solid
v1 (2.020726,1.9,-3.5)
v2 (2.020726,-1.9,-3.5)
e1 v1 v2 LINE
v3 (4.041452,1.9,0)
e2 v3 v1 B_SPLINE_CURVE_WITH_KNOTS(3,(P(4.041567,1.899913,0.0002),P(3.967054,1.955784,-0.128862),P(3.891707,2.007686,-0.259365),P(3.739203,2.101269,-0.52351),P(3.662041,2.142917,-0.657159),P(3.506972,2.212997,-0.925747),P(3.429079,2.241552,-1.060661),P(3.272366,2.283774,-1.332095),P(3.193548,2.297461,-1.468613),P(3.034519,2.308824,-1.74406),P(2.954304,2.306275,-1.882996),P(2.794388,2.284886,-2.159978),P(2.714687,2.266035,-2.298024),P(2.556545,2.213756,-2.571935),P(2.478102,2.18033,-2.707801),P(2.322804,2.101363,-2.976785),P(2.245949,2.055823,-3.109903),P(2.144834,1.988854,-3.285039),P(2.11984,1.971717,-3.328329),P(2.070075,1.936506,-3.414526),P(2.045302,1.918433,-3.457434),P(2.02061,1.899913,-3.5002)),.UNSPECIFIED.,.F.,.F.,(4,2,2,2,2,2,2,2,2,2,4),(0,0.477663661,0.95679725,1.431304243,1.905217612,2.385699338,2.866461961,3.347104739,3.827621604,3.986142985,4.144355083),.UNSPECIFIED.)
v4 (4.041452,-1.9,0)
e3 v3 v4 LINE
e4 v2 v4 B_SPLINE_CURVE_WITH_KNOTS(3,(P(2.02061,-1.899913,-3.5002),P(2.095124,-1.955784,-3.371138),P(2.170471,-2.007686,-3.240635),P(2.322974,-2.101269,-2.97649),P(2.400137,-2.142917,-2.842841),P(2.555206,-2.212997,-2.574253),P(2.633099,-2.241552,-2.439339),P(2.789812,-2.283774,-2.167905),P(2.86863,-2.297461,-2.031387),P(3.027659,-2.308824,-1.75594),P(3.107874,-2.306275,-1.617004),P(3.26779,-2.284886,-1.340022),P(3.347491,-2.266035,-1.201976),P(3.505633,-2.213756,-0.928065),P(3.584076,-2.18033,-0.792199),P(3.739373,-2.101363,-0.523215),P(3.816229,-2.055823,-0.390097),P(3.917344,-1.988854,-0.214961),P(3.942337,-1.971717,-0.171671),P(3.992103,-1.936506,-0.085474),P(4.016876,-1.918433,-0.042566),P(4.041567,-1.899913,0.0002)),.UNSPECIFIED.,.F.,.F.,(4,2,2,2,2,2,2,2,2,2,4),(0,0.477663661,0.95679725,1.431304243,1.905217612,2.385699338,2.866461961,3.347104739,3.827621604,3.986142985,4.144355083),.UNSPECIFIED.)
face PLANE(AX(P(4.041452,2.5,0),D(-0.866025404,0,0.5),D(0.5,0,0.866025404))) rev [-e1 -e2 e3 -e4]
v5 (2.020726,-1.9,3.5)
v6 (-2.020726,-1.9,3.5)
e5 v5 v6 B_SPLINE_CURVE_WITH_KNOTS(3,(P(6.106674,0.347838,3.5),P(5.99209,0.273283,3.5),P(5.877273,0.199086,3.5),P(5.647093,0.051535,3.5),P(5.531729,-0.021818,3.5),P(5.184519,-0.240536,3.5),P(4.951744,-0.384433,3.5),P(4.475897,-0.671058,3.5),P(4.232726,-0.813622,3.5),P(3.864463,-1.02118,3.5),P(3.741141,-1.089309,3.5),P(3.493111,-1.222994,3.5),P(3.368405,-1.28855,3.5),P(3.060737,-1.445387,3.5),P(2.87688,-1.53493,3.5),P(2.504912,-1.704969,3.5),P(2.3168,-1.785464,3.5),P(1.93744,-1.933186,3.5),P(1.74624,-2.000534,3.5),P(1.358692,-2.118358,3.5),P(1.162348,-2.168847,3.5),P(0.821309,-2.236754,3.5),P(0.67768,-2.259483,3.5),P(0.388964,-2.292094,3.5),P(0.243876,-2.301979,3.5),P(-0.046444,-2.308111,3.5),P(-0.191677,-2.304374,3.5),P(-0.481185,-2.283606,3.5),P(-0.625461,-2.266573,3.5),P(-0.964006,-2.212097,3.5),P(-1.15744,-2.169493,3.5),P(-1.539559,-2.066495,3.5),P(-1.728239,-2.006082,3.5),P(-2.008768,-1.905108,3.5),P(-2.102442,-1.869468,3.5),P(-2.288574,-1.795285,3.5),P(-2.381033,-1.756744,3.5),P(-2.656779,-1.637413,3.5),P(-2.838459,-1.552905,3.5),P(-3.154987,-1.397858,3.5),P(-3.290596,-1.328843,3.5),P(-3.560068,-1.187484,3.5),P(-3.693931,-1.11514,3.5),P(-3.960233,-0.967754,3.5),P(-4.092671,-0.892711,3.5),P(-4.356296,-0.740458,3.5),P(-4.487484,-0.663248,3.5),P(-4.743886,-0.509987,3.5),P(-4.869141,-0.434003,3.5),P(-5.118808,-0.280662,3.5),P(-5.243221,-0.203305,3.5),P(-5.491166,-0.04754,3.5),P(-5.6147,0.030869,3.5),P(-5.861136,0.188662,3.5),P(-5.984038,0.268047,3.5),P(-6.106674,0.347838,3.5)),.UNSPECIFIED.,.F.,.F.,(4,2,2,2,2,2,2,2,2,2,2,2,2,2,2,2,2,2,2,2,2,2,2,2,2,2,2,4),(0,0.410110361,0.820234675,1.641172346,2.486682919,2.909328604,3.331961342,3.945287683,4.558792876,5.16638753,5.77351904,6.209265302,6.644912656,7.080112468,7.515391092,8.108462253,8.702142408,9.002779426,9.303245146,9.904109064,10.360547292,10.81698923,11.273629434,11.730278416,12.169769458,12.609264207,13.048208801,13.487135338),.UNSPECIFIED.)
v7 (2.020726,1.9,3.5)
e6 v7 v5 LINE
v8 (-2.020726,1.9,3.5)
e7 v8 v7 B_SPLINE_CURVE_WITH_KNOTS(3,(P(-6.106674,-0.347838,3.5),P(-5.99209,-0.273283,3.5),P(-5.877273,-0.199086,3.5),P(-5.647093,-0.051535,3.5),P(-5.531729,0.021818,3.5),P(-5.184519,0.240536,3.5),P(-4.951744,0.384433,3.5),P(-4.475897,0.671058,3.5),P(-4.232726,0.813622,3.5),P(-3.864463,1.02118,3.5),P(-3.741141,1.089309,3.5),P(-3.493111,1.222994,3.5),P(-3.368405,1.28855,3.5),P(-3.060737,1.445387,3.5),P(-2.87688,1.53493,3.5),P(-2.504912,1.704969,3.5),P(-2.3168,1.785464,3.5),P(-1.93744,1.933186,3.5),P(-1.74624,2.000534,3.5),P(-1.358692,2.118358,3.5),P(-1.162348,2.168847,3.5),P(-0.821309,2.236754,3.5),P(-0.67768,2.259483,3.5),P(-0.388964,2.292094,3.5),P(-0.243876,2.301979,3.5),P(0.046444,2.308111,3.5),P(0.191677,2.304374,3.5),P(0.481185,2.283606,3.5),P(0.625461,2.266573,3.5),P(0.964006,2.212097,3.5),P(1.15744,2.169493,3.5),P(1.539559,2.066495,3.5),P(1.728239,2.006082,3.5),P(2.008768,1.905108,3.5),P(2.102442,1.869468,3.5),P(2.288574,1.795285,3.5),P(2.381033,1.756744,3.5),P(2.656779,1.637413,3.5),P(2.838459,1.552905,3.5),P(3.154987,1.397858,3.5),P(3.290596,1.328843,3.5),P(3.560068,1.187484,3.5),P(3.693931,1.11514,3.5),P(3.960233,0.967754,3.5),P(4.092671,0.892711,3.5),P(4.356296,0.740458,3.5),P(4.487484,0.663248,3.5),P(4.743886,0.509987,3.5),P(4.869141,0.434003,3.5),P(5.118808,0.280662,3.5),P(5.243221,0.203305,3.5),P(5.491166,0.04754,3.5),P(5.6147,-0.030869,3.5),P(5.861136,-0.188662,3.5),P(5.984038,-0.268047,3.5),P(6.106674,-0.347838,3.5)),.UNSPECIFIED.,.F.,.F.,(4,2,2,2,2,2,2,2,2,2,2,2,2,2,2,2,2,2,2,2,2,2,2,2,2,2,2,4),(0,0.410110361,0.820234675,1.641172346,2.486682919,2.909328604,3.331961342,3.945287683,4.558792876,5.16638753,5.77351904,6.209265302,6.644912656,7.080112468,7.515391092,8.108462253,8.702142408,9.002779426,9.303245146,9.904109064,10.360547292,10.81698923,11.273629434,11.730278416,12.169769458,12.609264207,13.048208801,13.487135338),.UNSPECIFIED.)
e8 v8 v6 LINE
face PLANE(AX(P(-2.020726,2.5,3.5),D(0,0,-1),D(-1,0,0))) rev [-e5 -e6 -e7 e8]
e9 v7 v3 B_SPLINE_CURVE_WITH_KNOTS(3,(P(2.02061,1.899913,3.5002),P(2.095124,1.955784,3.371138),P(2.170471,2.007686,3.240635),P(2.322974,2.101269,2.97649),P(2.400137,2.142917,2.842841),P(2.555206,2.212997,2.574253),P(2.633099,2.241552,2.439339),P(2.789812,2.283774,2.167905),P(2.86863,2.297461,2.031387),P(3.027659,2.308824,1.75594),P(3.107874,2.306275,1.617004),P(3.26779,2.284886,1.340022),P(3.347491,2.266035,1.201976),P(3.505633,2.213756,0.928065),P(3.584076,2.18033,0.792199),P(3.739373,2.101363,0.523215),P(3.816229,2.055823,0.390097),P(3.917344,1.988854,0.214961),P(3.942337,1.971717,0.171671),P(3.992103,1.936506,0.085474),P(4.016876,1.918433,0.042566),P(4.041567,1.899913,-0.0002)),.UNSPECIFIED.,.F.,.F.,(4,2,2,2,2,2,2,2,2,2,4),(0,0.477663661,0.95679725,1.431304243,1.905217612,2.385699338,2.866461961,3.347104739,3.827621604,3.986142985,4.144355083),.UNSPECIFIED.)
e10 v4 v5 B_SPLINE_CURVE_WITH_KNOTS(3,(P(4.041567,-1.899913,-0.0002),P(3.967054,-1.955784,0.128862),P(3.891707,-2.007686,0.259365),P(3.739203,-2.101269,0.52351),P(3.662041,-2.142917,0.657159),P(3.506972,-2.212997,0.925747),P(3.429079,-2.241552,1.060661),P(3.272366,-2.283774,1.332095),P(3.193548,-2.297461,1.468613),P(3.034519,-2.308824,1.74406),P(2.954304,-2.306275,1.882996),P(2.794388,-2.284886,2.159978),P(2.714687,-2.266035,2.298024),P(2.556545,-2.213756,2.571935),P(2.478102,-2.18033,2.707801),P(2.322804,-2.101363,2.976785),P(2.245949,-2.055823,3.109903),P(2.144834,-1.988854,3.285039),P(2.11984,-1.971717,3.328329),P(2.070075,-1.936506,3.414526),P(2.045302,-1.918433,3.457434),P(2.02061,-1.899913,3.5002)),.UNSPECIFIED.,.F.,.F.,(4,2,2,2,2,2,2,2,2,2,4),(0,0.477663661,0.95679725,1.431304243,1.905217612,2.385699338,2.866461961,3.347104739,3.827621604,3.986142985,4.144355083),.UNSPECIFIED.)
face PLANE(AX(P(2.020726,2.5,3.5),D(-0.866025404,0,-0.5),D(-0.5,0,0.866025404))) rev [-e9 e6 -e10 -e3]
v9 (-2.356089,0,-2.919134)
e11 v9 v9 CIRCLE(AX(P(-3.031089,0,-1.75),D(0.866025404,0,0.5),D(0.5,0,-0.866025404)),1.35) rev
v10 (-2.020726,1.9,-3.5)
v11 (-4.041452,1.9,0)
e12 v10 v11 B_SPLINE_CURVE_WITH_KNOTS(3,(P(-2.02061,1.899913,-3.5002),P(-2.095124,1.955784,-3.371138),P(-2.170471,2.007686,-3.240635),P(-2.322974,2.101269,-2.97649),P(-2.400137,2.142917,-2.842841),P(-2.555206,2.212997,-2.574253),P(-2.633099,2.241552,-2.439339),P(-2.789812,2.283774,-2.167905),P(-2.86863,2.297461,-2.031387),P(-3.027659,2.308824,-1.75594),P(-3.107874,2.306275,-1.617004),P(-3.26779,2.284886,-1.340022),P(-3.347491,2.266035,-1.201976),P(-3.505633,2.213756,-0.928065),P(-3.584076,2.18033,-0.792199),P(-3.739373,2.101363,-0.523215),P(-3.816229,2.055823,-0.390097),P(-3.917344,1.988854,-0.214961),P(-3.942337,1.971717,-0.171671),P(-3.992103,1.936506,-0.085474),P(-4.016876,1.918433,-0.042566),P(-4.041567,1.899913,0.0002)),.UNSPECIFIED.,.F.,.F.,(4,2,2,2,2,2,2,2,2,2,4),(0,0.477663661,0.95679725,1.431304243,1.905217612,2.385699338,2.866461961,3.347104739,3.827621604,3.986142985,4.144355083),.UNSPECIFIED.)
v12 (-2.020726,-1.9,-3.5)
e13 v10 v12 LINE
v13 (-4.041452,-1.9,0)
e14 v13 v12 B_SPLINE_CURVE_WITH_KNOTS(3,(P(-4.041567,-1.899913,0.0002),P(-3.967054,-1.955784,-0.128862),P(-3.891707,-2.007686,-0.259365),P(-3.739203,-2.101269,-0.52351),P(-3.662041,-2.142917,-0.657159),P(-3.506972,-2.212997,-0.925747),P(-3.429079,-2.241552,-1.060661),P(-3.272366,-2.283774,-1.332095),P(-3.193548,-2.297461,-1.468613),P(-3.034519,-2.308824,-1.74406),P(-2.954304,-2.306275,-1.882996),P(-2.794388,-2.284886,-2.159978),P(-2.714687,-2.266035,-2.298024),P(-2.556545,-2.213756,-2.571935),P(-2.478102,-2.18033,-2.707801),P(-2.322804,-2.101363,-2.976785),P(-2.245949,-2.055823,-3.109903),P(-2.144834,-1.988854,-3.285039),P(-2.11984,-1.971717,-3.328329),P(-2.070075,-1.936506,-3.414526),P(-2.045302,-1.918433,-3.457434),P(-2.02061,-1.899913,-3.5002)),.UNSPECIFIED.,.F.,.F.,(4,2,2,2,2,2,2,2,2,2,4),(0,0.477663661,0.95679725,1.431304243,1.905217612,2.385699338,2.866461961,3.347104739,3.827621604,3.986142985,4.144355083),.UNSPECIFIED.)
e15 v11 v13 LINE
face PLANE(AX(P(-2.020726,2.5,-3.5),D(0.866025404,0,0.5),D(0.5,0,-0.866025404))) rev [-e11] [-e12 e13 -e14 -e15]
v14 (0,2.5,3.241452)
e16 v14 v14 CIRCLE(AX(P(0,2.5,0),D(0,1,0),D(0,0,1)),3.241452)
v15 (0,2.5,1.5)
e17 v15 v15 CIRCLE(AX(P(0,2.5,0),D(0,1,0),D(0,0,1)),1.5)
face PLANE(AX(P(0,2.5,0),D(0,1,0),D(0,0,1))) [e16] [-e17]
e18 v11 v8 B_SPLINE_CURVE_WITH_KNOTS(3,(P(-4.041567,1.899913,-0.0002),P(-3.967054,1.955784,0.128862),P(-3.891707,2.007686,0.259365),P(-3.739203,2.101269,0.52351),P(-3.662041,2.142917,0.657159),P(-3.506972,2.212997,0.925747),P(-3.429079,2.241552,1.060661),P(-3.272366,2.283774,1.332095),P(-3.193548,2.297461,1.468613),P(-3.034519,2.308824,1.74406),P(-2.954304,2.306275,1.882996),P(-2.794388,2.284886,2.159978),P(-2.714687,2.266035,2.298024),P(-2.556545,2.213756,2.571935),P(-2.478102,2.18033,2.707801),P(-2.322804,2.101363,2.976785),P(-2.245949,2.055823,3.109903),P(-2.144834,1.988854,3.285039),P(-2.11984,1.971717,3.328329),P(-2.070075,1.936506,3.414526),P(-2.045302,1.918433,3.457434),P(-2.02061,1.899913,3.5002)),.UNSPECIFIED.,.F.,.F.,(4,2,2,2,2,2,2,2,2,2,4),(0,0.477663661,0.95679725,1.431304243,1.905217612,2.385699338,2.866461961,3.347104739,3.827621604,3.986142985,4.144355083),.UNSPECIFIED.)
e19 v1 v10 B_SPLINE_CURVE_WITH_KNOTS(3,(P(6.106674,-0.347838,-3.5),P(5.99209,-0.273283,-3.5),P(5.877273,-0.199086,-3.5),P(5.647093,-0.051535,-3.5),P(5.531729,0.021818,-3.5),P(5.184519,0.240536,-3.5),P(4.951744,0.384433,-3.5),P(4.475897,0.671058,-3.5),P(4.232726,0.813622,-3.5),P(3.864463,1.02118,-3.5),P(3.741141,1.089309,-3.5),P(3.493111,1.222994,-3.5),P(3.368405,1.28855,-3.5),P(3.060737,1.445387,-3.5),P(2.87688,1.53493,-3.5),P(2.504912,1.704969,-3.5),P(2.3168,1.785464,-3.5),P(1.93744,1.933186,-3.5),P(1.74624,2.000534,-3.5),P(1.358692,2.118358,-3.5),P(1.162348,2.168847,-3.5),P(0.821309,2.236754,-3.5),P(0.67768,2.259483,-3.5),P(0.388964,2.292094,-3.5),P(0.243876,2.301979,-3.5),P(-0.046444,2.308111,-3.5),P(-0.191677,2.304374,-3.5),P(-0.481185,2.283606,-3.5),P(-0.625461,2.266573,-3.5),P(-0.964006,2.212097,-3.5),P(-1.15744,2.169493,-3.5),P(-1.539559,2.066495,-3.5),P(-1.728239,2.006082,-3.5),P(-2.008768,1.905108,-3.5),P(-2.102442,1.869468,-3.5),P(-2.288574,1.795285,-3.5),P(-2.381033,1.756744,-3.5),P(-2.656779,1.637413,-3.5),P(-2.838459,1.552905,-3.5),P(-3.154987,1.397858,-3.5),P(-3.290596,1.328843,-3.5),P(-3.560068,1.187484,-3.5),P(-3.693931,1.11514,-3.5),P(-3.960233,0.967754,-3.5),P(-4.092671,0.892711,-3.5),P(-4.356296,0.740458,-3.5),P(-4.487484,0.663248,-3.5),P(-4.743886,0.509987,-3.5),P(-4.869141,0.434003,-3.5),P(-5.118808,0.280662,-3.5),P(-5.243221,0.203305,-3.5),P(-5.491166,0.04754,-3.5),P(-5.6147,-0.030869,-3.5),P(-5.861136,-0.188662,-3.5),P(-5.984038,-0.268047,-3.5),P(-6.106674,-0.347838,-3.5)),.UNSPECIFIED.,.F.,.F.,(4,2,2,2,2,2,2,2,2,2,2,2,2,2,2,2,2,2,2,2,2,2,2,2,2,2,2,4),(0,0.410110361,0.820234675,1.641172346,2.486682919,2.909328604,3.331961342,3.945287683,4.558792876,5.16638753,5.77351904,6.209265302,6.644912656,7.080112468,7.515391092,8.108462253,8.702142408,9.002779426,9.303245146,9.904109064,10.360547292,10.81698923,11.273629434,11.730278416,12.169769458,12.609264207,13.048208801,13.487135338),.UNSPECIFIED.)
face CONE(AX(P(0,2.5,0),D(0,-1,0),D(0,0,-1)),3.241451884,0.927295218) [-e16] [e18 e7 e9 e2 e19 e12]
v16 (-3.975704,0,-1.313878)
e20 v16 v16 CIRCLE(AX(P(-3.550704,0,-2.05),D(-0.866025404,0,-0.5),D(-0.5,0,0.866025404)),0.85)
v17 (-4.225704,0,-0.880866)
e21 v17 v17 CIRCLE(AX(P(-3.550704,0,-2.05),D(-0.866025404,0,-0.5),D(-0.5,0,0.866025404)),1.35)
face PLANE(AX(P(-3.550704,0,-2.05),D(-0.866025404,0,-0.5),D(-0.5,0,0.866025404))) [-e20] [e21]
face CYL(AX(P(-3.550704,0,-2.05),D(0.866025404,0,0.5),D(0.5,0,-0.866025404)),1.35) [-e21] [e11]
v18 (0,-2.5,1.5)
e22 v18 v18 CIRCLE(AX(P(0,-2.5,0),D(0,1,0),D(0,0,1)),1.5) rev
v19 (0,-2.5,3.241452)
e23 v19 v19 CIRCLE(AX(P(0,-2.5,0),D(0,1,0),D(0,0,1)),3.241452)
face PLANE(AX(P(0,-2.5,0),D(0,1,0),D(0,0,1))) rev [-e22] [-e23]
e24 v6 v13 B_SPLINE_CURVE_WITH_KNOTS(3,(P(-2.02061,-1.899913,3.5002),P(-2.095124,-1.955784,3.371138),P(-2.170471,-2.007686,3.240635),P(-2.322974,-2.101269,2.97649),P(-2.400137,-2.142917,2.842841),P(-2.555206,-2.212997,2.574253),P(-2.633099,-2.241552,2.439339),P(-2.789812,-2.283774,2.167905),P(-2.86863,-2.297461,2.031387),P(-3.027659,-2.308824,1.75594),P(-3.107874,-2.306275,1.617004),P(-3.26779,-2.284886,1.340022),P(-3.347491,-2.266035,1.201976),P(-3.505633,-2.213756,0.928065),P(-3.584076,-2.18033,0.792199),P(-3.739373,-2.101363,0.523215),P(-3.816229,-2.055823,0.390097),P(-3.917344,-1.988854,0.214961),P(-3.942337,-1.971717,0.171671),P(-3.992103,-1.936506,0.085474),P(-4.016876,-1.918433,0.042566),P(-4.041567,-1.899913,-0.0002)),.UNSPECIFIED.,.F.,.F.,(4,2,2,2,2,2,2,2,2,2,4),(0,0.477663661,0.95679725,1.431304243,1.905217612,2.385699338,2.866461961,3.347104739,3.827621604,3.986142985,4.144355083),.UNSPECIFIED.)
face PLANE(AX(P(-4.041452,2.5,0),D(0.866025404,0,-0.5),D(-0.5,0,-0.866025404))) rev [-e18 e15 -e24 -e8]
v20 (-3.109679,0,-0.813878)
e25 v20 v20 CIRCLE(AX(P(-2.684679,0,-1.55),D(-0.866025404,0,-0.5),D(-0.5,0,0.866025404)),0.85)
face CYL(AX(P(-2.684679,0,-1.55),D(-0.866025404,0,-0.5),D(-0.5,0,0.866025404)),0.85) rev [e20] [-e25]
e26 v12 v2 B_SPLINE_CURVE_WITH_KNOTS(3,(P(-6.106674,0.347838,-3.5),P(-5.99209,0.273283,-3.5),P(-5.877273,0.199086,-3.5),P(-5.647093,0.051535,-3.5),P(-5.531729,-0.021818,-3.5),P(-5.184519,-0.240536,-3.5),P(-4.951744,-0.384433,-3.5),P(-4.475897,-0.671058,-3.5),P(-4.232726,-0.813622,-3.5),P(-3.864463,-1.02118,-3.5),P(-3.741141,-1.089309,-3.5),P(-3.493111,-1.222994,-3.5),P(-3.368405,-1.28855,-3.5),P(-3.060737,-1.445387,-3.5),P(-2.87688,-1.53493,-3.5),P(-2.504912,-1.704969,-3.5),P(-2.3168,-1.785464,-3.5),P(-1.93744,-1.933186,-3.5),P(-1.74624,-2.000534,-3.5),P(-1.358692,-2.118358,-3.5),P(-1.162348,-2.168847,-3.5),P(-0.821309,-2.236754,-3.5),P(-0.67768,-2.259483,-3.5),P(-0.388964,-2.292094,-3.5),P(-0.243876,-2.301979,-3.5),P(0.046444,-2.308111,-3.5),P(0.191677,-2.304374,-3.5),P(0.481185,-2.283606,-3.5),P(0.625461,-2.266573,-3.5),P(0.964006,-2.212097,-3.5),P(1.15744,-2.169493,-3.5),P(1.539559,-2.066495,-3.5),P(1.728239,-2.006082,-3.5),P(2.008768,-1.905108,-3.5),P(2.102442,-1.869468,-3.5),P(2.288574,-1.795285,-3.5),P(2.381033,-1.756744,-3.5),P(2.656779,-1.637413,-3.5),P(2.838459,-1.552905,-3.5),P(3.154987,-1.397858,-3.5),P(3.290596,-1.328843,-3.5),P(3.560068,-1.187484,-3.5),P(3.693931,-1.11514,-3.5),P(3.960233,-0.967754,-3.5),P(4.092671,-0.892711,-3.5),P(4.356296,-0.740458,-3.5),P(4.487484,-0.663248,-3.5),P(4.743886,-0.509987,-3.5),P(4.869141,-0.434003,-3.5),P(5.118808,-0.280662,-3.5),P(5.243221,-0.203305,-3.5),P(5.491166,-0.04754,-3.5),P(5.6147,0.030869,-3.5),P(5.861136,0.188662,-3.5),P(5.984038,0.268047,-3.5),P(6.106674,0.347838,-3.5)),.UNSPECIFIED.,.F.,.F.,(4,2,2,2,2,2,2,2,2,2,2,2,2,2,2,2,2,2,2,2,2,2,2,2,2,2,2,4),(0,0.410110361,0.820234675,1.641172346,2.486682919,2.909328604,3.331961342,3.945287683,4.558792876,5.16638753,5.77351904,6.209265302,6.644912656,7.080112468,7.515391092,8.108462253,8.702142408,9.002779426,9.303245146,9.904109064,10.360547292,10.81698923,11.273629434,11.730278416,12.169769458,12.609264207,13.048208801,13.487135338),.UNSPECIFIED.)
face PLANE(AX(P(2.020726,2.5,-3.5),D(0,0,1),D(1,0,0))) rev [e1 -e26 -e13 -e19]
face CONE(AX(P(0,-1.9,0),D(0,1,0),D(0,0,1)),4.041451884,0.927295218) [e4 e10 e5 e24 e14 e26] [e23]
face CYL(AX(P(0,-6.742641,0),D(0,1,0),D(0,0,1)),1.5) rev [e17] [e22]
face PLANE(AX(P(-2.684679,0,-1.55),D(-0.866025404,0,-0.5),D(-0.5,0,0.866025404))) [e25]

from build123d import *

# Parameters (mm, degrees)
BOSS_EXTRUDE1_DEPTH = 2.5
SKETCH4_R           = 1.5
CUT_EXTRUDE1_DEPTH  = 5
SKETCH5_R           = 1.35
BOSS_EXTRUDE2_DEPTH = 0.6
SKETCH6_R           = 0.85
CUT_EXTRUDE3_DEPTH  = 1


with BuildPart() as part:
    # Sketch1 → Boss-Extrude1 (new, symmetric)
    with BuildSketch(Plane(origin=(0, 0, 0), x_dir=(1, 0, 0), z_dir=(0, 1, 0))):
        Polygon((4.041451884, 0), (2.020725942, 3.5), (-2.020725942, 3.5), (-4.041451884, 0), (-2.020725942, -3.5), (2.020725942, -3.5), align=None)
    extrude(amount=BOSS_EXTRUDE1_DEPTH, both=True)

    # Sketch2 → Cut-Revolve1 (revolve, cut)
    with BuildSketch(Plane.XY, mode=Mode.PRIVATE) as cut_revolve1_sk:
        Polygon((4.041451884, 2.5), (3.241451884, 2.5), (4.041451884, 1.9), align=None)
        Polygon((4.041451884, -2.5), (4.041451884, -1.9), (3.241451884, -2.5), align=None)
    revolve(cut_revolve1_sk.sketch.rotate(Axis((0, 2.5, 0), (0, -1, 0)), 90), axis=Axis((0, 2.5, 0), (0, -1, 0)), mode=Mode.SUBTRACT)

    # Sketch4 → Cut-Extrude1 (cut)
    with BuildSketch(Plane(origin=(0, 2.5, 0), x_dir=(1, 0, 0), z_dir=(0, 1, 0))):
        with Locations(Location((0, 0, 0), (0, 0, 270))):
            Circle(SKETCH4_R)
    extrude(amount=-CUT_EXTRUDE1_DEPTH, mode=Mode.SUBTRACT)

    # Sketch5 → Boss-Extrude2 (add)
    with BuildSketch(Plane(origin=(-3.031088913, 0, -1.75), x_dir=(-0.4999999999999951, 0, 0.8660254037844415), z_dir=(-0.8660254037844416, 0, -0.49999999999999517))):
        with Locations(Location((0, 0, 0), (0, 0, 180))):
            Circle(SKETCH5_R)
    extrude(amount=BOSS_EXTRUDE2_DEPTH)

    # Sketch6 → Cut-Extrude3 (cut)
    with BuildSketch(Plane(origin=(-3.550704156, 0, -2.05), x_dir=(-0.4999999999999952, 0, 0.8660254037844414), z_dir=(-0.8660254037844414, 0, -0.4999999999999952))):
        Circle(SKETCH6_R)
    extrude(amount=-CUT_EXTRUDE3_DEPTH, mode=Mode.SUBTRACT)


solid = part.part
